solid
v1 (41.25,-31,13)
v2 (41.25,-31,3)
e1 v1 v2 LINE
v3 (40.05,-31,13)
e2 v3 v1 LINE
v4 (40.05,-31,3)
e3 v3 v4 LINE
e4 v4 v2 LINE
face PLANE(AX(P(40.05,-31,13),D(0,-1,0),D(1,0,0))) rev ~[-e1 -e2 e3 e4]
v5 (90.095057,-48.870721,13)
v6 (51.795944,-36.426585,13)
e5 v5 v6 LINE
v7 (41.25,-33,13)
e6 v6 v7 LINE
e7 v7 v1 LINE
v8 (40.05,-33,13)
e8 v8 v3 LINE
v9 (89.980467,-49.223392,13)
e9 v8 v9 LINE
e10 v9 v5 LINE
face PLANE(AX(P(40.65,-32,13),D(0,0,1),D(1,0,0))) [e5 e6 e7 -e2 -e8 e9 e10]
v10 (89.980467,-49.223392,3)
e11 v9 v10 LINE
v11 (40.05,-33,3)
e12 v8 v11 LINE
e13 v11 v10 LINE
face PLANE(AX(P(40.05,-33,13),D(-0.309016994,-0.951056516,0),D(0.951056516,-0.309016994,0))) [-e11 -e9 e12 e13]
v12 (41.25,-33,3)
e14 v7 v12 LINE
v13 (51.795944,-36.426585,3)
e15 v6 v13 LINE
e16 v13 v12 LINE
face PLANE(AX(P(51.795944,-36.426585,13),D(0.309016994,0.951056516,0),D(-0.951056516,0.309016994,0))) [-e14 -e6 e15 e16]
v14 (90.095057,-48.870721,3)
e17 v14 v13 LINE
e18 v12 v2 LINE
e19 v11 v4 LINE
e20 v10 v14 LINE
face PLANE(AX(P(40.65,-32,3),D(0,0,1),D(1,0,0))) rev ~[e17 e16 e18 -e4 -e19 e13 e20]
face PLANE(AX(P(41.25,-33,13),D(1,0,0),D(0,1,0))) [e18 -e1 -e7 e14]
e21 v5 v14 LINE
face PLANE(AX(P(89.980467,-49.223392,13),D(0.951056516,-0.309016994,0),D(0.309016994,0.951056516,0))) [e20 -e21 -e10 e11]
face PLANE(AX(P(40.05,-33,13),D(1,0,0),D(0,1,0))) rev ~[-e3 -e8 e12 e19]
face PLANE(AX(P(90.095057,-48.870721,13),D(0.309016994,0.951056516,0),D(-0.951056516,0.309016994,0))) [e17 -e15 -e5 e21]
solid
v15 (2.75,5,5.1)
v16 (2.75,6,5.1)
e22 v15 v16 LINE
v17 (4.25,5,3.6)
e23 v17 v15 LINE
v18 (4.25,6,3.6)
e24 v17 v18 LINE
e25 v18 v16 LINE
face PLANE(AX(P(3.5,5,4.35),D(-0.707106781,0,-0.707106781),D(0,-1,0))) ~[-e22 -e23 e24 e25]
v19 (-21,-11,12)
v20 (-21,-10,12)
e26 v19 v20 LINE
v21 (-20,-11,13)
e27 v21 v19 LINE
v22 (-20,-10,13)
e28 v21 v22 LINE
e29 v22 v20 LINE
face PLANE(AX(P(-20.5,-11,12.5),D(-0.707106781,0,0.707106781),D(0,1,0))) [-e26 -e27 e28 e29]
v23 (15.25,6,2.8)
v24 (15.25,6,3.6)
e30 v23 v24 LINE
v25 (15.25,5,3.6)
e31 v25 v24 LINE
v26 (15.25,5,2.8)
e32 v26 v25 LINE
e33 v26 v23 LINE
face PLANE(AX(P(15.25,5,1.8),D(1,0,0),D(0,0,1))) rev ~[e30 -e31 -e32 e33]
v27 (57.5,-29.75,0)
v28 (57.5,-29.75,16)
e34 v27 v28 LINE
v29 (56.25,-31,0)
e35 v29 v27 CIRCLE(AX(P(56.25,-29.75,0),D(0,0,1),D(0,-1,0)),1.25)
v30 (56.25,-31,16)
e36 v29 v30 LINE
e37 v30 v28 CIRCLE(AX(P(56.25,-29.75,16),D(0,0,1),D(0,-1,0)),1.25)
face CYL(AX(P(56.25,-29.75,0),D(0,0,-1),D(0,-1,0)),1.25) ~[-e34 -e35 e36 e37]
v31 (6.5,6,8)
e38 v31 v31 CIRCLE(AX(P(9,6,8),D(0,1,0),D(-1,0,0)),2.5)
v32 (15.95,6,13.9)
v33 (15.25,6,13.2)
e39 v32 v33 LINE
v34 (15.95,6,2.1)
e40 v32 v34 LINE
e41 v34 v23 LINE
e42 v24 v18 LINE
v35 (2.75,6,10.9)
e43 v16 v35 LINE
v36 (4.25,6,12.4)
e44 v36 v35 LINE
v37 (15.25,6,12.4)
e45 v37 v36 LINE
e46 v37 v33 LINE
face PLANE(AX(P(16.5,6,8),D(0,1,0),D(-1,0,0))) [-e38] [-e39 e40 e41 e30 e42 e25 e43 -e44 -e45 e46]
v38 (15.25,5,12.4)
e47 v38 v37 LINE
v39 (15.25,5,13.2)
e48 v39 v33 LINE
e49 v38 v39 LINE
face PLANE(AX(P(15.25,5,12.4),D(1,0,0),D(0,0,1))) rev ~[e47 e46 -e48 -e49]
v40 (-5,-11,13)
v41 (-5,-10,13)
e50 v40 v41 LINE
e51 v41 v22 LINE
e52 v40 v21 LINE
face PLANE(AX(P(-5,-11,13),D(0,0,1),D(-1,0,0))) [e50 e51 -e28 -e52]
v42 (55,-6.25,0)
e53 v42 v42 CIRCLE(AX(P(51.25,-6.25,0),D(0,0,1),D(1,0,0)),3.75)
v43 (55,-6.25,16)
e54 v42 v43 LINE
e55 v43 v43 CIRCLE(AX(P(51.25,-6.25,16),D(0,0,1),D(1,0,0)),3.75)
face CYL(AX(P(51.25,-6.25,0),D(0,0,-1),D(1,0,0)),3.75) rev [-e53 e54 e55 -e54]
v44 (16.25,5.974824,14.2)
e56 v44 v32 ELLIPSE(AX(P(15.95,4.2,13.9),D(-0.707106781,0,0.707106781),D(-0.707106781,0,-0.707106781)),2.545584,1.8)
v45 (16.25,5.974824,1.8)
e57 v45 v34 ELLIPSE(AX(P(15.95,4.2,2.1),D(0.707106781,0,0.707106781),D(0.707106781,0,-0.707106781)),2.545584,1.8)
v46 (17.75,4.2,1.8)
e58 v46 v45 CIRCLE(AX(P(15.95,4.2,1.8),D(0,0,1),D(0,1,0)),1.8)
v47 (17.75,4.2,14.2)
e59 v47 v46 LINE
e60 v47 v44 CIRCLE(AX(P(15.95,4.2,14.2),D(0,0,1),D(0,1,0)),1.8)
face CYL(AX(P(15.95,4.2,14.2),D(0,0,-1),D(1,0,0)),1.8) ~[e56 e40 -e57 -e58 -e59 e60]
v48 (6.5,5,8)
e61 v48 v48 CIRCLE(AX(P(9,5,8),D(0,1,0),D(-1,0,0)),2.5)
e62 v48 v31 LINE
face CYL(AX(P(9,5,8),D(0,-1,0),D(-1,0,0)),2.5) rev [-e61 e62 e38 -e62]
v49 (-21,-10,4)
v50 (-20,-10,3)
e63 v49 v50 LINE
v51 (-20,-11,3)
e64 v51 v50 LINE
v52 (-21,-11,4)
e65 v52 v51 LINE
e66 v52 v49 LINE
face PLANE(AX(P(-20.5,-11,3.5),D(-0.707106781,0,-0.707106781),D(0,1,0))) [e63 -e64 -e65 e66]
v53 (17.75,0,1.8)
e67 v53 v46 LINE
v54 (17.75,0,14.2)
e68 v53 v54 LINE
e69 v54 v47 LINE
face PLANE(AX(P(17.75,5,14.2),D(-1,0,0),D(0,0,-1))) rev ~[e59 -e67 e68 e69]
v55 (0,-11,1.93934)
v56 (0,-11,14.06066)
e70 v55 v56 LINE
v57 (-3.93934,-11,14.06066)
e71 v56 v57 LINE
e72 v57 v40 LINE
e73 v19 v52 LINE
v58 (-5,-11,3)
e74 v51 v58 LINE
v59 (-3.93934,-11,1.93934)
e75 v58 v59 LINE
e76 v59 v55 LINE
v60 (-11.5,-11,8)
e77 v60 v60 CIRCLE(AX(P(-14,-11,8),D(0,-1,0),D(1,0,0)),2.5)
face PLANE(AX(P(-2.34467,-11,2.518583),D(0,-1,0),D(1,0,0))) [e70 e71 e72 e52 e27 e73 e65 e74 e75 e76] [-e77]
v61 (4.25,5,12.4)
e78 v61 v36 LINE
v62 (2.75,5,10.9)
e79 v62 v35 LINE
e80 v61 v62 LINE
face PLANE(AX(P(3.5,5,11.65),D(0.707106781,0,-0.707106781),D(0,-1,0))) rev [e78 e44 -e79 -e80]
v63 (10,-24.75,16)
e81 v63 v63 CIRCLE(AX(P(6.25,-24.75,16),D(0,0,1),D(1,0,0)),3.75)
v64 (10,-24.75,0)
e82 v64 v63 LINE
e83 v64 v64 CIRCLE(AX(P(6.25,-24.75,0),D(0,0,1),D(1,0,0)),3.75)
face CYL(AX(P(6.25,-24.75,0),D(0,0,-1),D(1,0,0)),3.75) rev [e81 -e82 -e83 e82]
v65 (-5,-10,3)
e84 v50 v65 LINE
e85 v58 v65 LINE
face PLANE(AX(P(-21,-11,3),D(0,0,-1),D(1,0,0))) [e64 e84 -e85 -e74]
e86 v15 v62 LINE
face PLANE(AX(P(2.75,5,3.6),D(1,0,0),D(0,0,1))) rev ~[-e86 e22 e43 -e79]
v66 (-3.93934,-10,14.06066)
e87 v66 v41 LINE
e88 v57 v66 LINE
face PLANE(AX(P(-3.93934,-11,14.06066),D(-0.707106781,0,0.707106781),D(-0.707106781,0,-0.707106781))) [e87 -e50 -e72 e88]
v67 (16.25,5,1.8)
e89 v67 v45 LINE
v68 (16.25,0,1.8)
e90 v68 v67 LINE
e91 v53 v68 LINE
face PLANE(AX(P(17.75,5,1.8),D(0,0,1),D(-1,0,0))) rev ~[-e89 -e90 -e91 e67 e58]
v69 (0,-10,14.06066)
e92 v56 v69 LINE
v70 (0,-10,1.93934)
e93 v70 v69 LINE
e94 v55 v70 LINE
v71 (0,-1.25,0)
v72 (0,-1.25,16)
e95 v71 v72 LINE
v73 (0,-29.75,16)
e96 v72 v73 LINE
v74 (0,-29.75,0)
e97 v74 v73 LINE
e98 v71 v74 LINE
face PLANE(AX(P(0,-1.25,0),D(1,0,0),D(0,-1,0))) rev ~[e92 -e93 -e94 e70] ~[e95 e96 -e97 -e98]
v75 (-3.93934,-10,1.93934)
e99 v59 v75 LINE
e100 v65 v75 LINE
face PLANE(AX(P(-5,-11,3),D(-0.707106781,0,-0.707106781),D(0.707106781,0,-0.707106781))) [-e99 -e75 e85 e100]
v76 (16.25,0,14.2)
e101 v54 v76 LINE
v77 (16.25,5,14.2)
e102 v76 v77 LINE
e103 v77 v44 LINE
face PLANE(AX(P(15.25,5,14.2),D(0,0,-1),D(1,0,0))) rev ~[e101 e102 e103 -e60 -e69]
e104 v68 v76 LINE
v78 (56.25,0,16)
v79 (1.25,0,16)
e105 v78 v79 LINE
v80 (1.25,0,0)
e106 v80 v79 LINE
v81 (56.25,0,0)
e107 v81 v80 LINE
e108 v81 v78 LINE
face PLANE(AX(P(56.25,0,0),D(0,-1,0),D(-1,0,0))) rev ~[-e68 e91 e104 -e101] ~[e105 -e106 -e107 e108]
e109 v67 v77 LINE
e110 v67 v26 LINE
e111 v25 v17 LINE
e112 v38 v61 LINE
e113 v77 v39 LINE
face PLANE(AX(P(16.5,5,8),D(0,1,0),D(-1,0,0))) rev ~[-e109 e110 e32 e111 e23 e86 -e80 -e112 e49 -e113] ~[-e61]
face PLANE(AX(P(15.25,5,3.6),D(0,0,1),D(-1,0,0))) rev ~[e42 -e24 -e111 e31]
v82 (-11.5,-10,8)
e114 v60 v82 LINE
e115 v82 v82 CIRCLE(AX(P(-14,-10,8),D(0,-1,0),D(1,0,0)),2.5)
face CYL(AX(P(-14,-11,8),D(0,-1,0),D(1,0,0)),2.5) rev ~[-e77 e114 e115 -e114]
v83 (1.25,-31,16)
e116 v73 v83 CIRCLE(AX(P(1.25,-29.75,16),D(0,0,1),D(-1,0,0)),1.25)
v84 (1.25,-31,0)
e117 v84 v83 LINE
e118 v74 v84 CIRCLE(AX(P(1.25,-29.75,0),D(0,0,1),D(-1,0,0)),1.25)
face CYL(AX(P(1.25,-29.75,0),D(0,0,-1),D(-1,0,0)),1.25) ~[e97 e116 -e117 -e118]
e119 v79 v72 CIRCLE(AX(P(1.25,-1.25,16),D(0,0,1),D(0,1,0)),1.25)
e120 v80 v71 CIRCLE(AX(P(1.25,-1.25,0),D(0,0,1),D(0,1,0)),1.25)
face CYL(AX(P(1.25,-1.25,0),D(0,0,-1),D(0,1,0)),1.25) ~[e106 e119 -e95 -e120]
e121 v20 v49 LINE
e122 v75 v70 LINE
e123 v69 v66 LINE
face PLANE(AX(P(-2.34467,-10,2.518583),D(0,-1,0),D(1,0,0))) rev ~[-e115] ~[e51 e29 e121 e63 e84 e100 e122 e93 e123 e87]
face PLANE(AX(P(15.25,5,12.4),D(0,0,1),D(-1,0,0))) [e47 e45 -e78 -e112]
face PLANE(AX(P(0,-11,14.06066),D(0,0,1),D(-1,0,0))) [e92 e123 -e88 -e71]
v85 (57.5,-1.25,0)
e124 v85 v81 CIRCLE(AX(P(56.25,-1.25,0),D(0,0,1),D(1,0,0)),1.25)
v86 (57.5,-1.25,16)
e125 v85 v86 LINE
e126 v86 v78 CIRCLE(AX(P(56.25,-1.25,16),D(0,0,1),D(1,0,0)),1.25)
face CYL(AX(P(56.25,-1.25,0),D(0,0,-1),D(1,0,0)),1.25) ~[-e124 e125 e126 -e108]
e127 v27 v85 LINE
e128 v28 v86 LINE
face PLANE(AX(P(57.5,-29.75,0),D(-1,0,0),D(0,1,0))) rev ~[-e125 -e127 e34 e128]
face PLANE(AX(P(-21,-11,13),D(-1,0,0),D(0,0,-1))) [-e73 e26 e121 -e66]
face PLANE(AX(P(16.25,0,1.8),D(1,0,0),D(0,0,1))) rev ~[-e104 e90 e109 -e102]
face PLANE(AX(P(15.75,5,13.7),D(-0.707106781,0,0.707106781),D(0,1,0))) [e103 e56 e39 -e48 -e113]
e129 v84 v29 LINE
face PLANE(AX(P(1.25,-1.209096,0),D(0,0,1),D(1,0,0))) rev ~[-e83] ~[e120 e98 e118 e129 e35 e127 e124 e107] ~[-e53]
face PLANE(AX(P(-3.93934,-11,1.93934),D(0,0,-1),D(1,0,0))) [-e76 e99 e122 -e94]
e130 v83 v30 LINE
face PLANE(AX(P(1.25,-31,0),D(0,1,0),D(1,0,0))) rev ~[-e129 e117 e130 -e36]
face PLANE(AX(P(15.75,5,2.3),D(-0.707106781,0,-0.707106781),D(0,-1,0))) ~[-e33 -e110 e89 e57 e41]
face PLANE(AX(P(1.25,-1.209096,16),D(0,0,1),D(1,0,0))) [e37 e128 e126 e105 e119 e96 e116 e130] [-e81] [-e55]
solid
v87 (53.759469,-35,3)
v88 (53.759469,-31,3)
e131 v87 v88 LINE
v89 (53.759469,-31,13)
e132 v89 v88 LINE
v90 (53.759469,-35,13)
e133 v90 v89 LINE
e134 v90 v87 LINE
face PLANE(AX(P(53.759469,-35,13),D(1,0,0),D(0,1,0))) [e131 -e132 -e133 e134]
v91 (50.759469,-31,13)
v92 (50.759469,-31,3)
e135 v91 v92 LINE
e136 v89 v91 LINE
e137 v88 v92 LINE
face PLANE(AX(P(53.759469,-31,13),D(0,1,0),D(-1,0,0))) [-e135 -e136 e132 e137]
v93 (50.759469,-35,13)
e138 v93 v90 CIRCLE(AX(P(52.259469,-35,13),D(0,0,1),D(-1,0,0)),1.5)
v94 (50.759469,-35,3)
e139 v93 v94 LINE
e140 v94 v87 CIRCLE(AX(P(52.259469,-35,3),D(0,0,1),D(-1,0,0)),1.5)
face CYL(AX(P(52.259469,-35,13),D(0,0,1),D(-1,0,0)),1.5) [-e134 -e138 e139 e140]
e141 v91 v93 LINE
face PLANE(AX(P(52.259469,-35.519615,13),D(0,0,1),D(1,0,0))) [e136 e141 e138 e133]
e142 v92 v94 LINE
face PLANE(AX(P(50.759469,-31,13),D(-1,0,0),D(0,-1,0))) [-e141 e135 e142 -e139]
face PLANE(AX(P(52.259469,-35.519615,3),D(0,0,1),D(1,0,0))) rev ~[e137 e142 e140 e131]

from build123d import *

# Parameters (mm, degrees)
F0_R      = 3.75
F1_DEPTH  = 16
F3_START  = -20
F2_R      = 2.5
F3_DEPTH  = 1
F4_SIZE   = 1
F5_SIZE   = 1
F6_W      = 1.5
F6_H      = 12.4
F7_DEPTH  = 5
F8_W      = 12.5
F8_H      = 8.8
F8_R      = 2.5
F9_DEPTH  = 1
F10_R     = 1.8
F11_SIZE  = 1
F12_SIZE  = 1.5
F14_START = -3
F14_DEPTH = 10
F13_W     = 1.2
F13_H     = 2


with BuildPart() as f1:
    # F0 (on Top) → F1 (new body)
    with BuildSketch(Plane.XY):
        with BuildLine():
            ThreePointArc((2.5, -1.25), (2.1338834765, -0.3661165235), (1.25, 0))
            ThreePointArc((1.25, 0), (0.3661165235, -0.3661165235), (0, -1.25))
            ThreePointArc((0, -1.25), (1.25, -2.5), (2.5, -1.25))
        make_face()
        with BuildLine():
            ThreePointArc((2.5, -29.75), (1.25, -28.5), (0, -29.75))
            ThreePointArc((0, -29.75), (0.3661165235, -30.6338834765), (1.25, -31))
            ThreePointArc((1.25, -31), (2.1338834765, -30.6338834765), (2.5, -29.75))
        make_face()
        with BuildLine():
            ThreePointArc((56.25, -31), (57.1338834765, -30.6338834765), (57.5, -29.75))
            ThreePointArc((57.5, -29.75), (55.3661165235, -28.8661165235), (56.25, -31))
        make_face()
        with BuildLine():
            ThreePointArc((57.5, -1.25), (57.1338834765, -0.3661165235), (56.25, 0))
            ThreePointArc((56.25, 0), (55.3661165235, -2.1338834765), (57.5, -1.25))
        make_face()
        with BuildLine():
            Line((56.25, 0), (1.25, 0))
            ThreePointArc((1.25, 0), (2.1338834765, -0.3661165235), (2.5, -1.25))
            ThreePointArc((2.5, -1.25), (1.25, -2.5), (0, -1.25))
            Line((0, -1.25), (0, -29.75))
            ThreePointArc((0, -29.75), (1.25, -28.5), (2.5, -29.75))
            ThreePointArc((2.5, -29.75), (2.1338834765, -30.6338834765), (1.25, -31))
            Line((1.25, -31), (56.25, -31))
            ThreePointArc((56.25, -31), (55.3661165235, -28.8661165235), (57.5, -29.75))
            Line((57.5, -29.75), (57.5, -1.25))
            ThreePointArc((57.5, -1.25), (55.3661165235, -2.1338834765), (56.25, 0))
        make_face()
        with Locations((6.25, -24.75)):
            Circle(F0_R, mode=Mode.SUBTRACT)
        with Locations((51.25, -6.25)):
            Circle(F0_R, mode=Mode.SUBTRACT)
    extrude(amount=F1_DEPTH)

    # F2 (on face) → F3 (join)
    with BuildSketch(Plane.XZ.offset(31).offset(F3_START)):
        Polygon((0, 1.9393398282), (0, 3), (-5, 3), (-3.9393398282, 1.9393398282), align=None)
        Polygon((-5, 3), (0, 3), (0, 13), (-5, 13), (-21, 13), (-21, 3), align=None)
        with Locations((-14, 8)):
            Circle(F2_R, mode=Mode.SUBTRACT)
        Polygon((-5, 13), (0, 13), (0, 14.0606601718), (-3.9393398282, 14.0606601718), align=None)
    extrude(amount=-F3_DEPTH)

    # F4
    f4_edges = [f1.edges().sort_by_distance(p)[0] for p in [
        (-21, -10.5, 13),
    ]]
    chamfer(f4_edges, length=F4_SIZE)

    # F5
    f5_edges = [f1.edges().sort_by_distance(p)[0] for p in [
        (-21, -10.5, 3),
    ]]
    chamfer(f5_edges, length=F5_SIZE)

    # F6 (on face) → F7 (join)
    with BuildSketch(Plane(origin=(0, 0, 0), x_dir=(-1, 0, 0), z_dir=(0, 1, 0))):
        with Locations((-17, 8)):
            Rectangle(F6_W, F6_H)
    extrude(amount=F7_DEPTH)

    # F8 (on face) → F9 (join)
    with BuildSketch(Plane(origin=(0, 5, 0), x_dir=(-1, 0, 0), z_dir=(0, 1, 0))):
        Polygon((-15.25, 14.2), (-17.75, 14.2), (-17.75, 1.8), (-15.25, 1.8), (-15.25, 3.6), (-15.25, 12.4), align=None)
        with Locations((-9, 8)):
            Rectangle(F8_W, F8_H)
        with Locations((-9, 8)):
            Circle(F8_R, mode=Mode.SUBTRACT)
    extrude(amount=F9_DEPTH)

    # F10
    f10_edges = [f1.edges().sort_by_distance(p)[0] for p in [
        (17.75, 6, 8),
    ]]
    fillet(f10_edges, radius=F10_R)

    # F11
    f11_edges = [f1.edges().sort_by_distance(p)[0] for p in [
        (15.25, 5.5, 1.8),
        (15.25, 5.5, 14.2),
    ]]
    chamfer(f11_edges, length=F11_SIZE)

    # F12
    f12_edges = [f1.edges().sort_by_distance(p)[0] for p in [
        (2.75, 5.5, 3.6),
        (2.75, 5.5, 12.4),
    ]]
    chamfer(f12_edges, length=F12_SIZE)


with BuildPart() as f14:
    # F13 (on face) → F14 (new body)
    with BuildSketch(Plane.XY.offset(16).offset(F14_START)):
        with BuildLine():
            ThreePointArc((50.7594690406, -35), (51.0459435369, -35.8816778617), (51.7959435096, -36.4265847616))
            ThreePointArc((51.7959435096, -36.4265847616), (53.1411469023, -36.2135255037), (53.7594690406, -35))
            Line((53.7594690406, -35), (50.7594690406, -35))
        make_face()
        with BuildLine():
            ThreePointArc((53.7594690406, -35), (52.2594690406, -33.5), (50.7594690406, -35))
            Line((50.7594690406, -35), (53.7594690406, -35))
        make_face()
        with BuildLine():
            Line((50.7594690406, -31), (50.7594690406, -35))
            ThreePointArc((50.7594690406, -35), (52.2594690406, -33.5), (53.7594690406, -35))
            Line((53.7594690406, -35), (53.7594690406, -31))
            Line((53.7594690406, -31), (50.7594690406, -31))
        make_face()
    extrude(amount=-F14_DEPTH)


with BuildPart() as f14b:
    # F13 (on face) → F14, piece 2 (new body)
    with BuildSketch(Plane.XY.offset(16).offset(F14_START)):
        with Locations((40.65, -32)):
            Rectangle(F13_W, F13_H)
        Polygon((41.25, -33), (40.05, -33), (89.9804671055, -49.2233922047), (90.0950569089, -48.8707210533), (51.7959435096, -36.4265847616), align=None)
    extrude(amount=-F14_DEPTH)


solid = Compound([f1.part, f14.part, f14b.part])
